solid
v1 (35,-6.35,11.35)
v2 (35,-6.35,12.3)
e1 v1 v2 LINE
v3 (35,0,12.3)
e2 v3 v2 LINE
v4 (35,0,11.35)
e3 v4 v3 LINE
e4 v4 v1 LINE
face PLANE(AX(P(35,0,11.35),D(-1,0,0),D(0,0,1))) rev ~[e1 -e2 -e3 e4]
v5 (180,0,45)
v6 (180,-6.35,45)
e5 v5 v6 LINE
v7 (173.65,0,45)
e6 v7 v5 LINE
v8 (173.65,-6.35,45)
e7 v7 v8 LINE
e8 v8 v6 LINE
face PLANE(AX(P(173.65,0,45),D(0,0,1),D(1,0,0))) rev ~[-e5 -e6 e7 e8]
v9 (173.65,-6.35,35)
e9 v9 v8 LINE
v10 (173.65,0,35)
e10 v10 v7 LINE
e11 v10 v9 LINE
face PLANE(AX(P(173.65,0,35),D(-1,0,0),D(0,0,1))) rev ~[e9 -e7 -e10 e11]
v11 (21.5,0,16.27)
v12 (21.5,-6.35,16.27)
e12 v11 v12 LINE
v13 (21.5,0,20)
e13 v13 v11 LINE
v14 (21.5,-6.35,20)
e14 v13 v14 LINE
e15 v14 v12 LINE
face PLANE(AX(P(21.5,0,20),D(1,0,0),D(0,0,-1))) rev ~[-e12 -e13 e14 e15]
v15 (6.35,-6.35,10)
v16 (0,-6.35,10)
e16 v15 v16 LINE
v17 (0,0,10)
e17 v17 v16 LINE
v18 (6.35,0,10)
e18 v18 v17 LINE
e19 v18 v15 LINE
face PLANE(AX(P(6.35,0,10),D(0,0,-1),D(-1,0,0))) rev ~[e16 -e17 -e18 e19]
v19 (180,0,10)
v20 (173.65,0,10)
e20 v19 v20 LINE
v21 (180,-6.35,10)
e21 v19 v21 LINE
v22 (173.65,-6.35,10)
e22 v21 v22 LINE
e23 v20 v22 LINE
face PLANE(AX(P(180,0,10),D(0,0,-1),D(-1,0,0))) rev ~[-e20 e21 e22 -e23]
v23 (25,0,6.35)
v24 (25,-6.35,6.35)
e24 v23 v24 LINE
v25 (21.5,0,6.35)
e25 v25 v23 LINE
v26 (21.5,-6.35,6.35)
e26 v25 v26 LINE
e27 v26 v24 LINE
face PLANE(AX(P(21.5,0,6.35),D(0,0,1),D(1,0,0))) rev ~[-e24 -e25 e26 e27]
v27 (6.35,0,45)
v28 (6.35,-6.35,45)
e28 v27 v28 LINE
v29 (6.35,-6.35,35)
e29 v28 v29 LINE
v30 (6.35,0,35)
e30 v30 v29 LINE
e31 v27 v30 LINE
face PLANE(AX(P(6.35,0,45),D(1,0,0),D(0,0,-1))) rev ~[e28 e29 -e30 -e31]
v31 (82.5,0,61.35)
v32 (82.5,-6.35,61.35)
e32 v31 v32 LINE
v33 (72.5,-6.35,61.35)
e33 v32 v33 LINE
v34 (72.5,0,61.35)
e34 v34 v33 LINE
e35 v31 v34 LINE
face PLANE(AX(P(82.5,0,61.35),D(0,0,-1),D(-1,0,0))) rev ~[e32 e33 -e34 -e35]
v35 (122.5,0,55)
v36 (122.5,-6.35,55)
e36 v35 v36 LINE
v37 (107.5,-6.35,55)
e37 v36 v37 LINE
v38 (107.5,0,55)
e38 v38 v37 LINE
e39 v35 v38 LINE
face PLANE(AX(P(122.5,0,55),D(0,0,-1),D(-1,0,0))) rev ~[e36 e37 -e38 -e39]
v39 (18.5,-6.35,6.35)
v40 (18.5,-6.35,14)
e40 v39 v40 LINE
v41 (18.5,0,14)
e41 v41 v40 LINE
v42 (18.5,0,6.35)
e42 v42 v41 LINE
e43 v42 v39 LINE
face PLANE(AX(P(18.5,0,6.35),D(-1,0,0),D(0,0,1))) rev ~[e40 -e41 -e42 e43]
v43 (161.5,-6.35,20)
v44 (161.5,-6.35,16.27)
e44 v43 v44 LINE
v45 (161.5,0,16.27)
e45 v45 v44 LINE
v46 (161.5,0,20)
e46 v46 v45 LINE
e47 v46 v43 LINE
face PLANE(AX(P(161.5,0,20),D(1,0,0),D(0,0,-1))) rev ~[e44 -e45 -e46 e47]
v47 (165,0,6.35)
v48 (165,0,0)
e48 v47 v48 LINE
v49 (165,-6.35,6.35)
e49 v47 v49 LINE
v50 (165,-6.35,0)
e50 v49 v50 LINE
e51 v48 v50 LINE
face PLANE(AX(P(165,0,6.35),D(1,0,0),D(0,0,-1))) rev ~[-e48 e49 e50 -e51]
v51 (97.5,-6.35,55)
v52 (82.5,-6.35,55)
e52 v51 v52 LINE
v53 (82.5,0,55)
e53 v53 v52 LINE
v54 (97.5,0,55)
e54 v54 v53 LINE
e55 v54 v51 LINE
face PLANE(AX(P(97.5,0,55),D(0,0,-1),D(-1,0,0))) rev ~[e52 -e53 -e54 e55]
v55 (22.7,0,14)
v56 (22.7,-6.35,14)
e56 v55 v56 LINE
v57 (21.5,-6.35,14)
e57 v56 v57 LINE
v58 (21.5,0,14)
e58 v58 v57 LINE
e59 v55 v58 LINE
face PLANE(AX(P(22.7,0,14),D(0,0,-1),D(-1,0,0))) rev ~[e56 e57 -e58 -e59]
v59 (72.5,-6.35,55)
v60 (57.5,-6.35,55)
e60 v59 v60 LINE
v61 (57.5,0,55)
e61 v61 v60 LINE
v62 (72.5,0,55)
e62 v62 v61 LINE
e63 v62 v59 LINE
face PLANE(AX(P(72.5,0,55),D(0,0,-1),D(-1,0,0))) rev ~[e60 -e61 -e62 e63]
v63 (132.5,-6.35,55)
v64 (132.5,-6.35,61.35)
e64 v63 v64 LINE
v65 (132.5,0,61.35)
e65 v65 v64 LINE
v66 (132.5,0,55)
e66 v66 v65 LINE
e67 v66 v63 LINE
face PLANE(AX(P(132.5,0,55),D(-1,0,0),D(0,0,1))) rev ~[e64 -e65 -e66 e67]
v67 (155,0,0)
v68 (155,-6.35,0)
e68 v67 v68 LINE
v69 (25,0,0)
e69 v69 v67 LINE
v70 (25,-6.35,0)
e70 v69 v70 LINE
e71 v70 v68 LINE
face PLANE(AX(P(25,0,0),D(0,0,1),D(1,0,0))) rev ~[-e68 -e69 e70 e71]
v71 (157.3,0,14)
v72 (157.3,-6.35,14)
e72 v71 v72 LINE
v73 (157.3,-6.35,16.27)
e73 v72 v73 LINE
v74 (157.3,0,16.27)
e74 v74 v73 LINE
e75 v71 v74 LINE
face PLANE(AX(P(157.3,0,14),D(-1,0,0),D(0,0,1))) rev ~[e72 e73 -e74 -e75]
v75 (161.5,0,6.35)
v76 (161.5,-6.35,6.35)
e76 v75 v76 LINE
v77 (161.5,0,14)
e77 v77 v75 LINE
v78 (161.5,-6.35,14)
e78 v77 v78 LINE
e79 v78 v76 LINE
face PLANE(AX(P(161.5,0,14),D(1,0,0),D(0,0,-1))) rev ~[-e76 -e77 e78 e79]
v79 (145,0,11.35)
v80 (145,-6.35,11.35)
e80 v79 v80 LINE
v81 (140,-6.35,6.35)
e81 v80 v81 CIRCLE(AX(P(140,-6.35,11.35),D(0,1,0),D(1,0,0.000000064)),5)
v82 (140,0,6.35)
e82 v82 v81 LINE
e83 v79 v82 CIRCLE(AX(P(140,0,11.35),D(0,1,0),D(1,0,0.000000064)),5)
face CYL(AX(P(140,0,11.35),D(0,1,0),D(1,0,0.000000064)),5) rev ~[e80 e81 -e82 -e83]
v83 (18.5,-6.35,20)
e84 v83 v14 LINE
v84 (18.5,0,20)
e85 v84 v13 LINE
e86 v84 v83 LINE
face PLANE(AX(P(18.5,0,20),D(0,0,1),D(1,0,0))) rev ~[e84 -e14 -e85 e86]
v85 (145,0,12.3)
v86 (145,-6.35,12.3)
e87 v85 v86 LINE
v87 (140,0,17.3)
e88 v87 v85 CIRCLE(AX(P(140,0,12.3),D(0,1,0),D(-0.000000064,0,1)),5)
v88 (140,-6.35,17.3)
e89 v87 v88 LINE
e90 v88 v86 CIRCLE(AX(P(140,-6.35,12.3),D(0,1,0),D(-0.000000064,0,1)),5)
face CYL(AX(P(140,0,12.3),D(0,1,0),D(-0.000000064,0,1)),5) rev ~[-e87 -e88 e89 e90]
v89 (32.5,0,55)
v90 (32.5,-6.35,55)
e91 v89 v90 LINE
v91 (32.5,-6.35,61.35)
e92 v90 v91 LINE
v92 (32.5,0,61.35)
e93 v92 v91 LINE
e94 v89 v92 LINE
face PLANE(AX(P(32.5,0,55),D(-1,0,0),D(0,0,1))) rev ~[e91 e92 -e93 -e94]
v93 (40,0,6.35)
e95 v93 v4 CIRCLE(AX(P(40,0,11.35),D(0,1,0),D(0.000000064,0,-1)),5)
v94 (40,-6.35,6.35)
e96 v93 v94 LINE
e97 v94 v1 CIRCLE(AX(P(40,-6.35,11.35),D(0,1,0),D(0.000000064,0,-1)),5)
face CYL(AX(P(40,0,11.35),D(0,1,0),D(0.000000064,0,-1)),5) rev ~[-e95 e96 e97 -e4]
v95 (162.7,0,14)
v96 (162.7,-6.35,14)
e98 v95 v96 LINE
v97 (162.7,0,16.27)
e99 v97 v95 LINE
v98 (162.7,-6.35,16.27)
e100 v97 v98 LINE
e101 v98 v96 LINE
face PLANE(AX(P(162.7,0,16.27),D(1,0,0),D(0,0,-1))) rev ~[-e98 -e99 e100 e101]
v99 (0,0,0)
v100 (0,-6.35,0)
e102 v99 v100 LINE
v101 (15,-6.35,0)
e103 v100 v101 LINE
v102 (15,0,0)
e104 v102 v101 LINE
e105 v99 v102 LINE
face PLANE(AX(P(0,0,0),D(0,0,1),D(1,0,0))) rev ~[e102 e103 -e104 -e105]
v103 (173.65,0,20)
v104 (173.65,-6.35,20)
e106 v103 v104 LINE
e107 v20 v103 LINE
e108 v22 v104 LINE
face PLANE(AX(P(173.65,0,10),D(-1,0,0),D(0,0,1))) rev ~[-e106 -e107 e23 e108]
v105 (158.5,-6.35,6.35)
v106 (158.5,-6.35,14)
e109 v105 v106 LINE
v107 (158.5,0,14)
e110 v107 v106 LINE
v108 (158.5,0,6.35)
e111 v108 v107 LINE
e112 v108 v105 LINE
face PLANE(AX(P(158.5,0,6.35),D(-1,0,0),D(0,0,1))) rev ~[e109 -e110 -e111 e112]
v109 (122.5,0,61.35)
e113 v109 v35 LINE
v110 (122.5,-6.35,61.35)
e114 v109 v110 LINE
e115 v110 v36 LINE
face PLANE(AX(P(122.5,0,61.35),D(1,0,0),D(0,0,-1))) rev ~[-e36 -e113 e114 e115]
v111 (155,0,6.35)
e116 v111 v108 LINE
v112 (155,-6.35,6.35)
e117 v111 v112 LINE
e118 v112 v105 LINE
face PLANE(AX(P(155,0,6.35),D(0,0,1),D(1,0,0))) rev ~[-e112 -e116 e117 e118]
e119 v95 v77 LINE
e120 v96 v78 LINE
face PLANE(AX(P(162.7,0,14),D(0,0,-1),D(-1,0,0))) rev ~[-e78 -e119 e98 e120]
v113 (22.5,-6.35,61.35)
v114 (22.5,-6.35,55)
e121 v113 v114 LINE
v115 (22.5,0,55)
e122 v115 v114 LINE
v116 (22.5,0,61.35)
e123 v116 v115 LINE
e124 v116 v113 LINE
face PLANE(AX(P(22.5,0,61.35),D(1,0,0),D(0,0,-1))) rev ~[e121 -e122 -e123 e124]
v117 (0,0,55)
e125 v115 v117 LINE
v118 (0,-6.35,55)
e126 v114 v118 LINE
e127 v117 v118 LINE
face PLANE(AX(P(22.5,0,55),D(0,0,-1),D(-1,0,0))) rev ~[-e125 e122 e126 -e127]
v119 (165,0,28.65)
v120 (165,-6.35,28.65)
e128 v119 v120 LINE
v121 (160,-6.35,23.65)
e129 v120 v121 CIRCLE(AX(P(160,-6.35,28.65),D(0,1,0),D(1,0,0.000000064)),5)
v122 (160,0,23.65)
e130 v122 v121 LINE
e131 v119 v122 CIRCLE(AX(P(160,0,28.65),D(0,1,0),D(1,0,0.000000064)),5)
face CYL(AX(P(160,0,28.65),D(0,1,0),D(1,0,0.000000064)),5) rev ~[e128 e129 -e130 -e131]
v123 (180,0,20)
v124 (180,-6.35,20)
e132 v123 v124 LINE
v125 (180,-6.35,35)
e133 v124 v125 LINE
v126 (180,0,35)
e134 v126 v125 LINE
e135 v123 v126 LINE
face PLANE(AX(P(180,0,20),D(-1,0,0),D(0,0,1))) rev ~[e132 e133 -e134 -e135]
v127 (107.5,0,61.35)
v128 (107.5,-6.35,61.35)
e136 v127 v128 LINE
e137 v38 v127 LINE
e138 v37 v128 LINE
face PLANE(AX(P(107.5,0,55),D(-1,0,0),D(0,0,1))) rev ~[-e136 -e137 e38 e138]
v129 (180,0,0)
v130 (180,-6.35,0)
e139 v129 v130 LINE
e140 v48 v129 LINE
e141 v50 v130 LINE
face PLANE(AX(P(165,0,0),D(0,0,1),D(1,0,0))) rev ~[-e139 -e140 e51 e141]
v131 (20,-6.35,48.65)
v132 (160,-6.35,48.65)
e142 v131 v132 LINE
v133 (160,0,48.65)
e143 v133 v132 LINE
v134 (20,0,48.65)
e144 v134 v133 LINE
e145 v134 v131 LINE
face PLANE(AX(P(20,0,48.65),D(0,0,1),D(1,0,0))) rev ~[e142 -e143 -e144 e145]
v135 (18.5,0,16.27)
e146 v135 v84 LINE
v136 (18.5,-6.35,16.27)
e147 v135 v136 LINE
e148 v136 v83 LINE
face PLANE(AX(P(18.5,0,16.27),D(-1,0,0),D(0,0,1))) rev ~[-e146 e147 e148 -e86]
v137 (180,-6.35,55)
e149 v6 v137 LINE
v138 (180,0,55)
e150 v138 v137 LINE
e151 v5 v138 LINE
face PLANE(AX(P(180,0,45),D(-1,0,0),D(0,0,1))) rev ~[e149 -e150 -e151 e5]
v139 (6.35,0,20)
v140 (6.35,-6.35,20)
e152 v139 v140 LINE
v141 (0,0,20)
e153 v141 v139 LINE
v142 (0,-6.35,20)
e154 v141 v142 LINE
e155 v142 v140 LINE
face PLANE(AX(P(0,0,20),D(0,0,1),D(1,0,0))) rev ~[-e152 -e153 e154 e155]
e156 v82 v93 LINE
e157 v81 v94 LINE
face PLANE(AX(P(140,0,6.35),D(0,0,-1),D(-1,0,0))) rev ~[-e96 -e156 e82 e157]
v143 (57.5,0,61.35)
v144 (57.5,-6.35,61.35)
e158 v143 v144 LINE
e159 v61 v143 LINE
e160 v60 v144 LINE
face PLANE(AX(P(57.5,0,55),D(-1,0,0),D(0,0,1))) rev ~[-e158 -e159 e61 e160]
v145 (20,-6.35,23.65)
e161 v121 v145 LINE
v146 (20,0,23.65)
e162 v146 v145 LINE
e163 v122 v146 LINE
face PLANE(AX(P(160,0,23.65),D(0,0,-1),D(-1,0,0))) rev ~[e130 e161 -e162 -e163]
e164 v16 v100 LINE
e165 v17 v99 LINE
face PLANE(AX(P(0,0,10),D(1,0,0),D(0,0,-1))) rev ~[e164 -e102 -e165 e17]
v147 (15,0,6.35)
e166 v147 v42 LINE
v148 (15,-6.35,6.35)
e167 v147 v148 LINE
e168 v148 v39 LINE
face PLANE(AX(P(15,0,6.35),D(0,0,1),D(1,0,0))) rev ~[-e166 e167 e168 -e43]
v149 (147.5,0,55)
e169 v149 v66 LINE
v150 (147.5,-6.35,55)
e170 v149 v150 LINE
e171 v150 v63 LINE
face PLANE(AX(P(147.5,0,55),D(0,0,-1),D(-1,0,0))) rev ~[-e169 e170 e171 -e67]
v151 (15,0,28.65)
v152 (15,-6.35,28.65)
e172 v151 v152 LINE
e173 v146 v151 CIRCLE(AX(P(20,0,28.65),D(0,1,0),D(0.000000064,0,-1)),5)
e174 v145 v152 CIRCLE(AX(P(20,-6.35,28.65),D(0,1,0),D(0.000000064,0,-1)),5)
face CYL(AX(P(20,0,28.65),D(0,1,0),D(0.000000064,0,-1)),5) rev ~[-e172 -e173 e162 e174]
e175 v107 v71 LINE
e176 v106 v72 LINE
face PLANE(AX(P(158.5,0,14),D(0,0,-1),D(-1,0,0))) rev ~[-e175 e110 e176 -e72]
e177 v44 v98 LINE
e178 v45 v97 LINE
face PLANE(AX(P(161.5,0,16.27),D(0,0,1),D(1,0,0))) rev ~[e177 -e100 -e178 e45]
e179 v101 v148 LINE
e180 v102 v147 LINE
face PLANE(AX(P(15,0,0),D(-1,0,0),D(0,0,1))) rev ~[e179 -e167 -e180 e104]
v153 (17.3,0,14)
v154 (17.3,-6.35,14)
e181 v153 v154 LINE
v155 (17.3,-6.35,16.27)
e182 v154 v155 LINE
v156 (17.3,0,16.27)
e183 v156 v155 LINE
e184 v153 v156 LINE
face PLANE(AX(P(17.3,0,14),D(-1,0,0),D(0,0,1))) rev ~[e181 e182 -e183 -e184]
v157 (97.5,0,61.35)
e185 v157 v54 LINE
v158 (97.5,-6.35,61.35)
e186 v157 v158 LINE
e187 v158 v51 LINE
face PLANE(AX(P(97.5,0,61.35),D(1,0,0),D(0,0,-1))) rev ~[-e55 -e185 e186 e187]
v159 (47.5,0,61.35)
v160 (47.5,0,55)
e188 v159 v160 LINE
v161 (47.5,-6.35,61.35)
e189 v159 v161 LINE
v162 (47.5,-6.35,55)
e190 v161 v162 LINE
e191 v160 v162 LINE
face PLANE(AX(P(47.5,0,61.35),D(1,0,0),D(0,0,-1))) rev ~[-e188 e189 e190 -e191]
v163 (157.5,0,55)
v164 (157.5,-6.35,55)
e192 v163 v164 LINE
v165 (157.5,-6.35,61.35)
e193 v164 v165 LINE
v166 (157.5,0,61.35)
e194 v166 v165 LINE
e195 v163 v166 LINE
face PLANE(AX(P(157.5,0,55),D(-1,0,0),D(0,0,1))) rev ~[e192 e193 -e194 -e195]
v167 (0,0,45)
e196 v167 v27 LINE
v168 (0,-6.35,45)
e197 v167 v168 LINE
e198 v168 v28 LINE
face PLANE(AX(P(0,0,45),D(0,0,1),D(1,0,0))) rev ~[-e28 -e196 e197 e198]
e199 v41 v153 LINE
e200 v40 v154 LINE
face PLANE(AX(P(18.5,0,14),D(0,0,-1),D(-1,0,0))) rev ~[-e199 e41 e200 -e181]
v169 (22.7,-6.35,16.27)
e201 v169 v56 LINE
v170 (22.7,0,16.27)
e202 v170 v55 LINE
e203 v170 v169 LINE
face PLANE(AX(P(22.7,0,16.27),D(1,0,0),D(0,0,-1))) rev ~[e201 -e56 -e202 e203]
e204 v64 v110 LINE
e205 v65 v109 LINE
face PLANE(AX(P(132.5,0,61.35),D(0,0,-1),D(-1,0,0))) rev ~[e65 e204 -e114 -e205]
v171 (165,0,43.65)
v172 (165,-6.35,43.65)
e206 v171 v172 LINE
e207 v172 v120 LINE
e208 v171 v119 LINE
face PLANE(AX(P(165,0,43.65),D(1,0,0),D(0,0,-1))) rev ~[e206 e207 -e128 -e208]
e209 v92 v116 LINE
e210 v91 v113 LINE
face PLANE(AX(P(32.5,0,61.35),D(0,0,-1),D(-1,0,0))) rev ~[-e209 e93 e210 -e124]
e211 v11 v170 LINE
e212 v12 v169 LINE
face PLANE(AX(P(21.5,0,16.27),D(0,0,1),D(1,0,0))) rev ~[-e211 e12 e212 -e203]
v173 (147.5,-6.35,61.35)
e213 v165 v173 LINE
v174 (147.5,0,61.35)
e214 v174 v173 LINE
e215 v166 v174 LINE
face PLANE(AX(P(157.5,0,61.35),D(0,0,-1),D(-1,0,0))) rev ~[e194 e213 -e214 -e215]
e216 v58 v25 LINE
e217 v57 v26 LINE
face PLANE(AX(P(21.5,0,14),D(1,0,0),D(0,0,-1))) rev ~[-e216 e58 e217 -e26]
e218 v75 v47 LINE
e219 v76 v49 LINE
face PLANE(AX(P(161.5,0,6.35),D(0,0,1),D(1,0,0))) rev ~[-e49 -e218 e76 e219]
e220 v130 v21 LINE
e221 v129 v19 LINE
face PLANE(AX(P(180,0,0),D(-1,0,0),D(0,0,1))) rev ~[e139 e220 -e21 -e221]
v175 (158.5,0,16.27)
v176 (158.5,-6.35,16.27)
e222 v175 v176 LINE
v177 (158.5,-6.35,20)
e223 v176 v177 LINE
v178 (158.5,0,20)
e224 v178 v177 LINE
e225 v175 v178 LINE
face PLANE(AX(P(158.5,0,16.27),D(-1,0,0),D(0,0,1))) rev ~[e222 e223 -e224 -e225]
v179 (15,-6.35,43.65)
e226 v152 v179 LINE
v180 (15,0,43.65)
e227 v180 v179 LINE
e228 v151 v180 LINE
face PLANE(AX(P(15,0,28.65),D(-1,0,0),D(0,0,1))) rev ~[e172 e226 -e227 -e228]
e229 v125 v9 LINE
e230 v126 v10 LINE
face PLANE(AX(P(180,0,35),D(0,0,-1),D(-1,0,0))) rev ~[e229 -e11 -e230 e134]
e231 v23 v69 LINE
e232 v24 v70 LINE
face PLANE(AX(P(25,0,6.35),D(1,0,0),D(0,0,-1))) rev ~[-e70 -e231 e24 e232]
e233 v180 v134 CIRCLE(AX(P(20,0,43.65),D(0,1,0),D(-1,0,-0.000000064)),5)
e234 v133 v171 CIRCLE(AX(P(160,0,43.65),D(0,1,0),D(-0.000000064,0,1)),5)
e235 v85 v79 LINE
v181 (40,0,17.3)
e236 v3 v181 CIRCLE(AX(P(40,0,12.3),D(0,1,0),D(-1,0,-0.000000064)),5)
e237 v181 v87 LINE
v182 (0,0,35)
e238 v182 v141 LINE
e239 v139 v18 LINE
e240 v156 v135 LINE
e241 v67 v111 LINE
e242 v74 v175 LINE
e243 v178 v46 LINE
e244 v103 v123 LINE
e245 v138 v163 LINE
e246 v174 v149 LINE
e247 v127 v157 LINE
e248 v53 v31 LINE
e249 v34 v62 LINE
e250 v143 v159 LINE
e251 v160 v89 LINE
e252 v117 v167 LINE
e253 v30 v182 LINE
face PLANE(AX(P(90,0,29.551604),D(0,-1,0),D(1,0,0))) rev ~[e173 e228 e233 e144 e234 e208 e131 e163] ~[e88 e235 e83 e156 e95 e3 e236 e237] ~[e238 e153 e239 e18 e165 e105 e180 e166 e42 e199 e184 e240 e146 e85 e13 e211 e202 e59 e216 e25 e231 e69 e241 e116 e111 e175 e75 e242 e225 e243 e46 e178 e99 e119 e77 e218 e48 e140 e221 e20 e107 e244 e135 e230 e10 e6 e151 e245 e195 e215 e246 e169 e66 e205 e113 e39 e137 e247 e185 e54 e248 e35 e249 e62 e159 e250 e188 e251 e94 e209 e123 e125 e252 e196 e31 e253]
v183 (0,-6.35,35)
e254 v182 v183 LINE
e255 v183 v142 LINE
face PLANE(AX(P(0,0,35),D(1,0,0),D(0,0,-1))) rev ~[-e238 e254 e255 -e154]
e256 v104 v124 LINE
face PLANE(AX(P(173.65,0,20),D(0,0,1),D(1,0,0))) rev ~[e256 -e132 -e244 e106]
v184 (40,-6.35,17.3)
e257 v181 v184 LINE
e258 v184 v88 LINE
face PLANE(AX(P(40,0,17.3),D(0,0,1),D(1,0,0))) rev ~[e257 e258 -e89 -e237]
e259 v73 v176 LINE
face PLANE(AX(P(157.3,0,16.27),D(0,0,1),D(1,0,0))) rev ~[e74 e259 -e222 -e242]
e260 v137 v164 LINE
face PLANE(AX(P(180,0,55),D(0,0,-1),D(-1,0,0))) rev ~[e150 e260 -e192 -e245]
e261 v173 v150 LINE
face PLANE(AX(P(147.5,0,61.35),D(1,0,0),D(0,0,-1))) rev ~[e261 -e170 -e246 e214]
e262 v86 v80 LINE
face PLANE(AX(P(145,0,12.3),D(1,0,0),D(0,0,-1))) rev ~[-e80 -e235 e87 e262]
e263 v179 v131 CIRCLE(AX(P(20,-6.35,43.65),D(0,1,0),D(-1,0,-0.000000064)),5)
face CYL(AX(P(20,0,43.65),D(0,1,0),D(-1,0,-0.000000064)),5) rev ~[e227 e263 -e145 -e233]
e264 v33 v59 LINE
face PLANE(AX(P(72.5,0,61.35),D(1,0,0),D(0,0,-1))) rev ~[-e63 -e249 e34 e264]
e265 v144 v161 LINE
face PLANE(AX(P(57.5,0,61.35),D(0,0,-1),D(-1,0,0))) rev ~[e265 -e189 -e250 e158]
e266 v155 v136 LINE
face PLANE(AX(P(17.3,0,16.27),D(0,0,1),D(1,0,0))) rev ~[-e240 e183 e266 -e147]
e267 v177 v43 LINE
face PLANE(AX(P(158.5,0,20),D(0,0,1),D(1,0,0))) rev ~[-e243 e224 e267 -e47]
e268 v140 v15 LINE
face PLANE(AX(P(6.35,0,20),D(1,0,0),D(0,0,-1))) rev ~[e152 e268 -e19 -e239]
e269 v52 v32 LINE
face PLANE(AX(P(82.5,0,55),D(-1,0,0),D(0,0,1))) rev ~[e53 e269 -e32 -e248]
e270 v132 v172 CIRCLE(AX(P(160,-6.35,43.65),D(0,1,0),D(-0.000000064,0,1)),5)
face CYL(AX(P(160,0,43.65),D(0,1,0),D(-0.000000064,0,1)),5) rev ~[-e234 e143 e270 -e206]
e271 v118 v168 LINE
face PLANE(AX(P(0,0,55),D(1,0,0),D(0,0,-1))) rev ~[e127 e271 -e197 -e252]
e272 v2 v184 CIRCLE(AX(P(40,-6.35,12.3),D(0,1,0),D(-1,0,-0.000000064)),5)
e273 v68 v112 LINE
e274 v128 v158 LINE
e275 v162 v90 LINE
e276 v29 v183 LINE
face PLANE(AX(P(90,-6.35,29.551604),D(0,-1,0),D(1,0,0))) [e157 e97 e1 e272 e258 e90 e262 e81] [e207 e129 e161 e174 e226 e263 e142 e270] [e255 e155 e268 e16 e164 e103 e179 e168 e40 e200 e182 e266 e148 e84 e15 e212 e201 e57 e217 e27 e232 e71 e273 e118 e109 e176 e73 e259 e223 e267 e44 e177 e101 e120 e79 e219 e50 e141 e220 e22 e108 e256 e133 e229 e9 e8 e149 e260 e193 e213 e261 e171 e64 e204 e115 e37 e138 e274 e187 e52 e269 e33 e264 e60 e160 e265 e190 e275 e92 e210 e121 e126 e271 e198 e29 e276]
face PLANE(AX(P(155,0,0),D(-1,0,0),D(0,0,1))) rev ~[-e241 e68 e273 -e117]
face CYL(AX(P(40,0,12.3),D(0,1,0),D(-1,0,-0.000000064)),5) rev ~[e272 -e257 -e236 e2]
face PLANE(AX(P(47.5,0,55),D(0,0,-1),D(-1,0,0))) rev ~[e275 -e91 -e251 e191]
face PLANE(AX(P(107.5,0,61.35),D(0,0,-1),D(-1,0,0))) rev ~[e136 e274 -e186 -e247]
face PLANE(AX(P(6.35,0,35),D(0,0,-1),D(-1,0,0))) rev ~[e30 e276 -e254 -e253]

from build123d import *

# Parameters (mm, degrees)
F1_DEPTH = 6.35


with BuildPart() as f1:
    # F0 (on Front) → F1 (new body)
    with BuildSketch(Plane.XZ):
        Polygon((0, 10), (0, 0), (15, 0), (15, 6.35), (18.5, 6.35), (18.5, 14), (17.3, 14), (17.3, 16.27), (18.5, 16.27), (18.5, 20), (21.5, 20), (21.5, 16.27), (22.7, 16.27), (22.7, 14), (21.5, 14), (21.5, 6.35), (25, 6.35), (25, 0), (155, 0), (155, 6.35), (158.5, 6.35), (158.5, 14), (157.3, 14), (157.3, 16.27), (158.5, 16.27), (158.5, 20), (161.5, 20), (161.5, 16.27), (162.7, 16.27), (162.7, 14), (161.5, 14), (161.5, 6.35), (165, 6.35), (165, 0), (180, 0), (180, 10), (173.65, 10), (173.65, 20), (180, 20), (180, 35), (173.65, 35), (173.65, 45), (180, 45), (180, 55), (157.5, 55), (157.5, 61.35), (147.5, 61.35), (147.5, 55), (132.5, 55), (132.5, 61.35), (122.5, 61.35), (122.5, 55), (107.5, 55), (107.5, 61.35), (97.5, 61.35), (97.5, 55), (82.5, 55), (82.5, 61.35), (72.5, 61.35), (72.5, 55), (57.5, 55), (57.5, 61.35), (47.5, 61.35), (47.5, 55), (32.5, 55), (32.5, 61.35), (22.5, 61.35), (22.5, 55), (0, 55), (0, 45), (6.35, 45), (6.35, 35), (0, 35), (0, 20), (6.35, 20), (6.35, 10), align=None)
        with BuildLine():
            ThreePointArc((35, 12.3), (36.464466, 15.835534), (40, 17.3))
            Line((40, 17.3), (140, 17.3))
            ThreePointArc((140, 17.3), (143.535534, 15.835534), (145, 12.3))
            Line((145, 12.3), (145, 11.35))
            ThreePointArc((145, 11.35), (143.535534, 7.814466), (140, 6.35))
            Line((140, 6.35), (40, 6.35))
            ThreePointArc((40, 6.35), (36.464466, 7.814466), (35, 11.35))
            Line((35, 11.35), (35, 12.3))
        make_face(mode=Mode.SUBTRACT)
        with BuildLine():
            ThreePointArc((15, 43.65), (16.464466, 47.185534), (20, 48.65))
            Line((20, 48.65), (160, 48.65))
            ThreePointArc((160, 48.65), (163.535534, 47.185534), (165, 43.65))
            Line((165, 43.65), (165, 28.65))
            ThreePointArc((165, 28.65), (163.535534, 25.114466), (160, 23.65))
            Line((160, 23.65), (20, 23.65))
            ThreePointArc((20, 23.65), (16.464466, 25.114466), (15, 28.65))
            Line((15, 28.65), (15, 43.65))
        make_face(mode=Mode.SUBTRACT)
    extrude(amount=F1_DEPTH)


solid = f1.part
